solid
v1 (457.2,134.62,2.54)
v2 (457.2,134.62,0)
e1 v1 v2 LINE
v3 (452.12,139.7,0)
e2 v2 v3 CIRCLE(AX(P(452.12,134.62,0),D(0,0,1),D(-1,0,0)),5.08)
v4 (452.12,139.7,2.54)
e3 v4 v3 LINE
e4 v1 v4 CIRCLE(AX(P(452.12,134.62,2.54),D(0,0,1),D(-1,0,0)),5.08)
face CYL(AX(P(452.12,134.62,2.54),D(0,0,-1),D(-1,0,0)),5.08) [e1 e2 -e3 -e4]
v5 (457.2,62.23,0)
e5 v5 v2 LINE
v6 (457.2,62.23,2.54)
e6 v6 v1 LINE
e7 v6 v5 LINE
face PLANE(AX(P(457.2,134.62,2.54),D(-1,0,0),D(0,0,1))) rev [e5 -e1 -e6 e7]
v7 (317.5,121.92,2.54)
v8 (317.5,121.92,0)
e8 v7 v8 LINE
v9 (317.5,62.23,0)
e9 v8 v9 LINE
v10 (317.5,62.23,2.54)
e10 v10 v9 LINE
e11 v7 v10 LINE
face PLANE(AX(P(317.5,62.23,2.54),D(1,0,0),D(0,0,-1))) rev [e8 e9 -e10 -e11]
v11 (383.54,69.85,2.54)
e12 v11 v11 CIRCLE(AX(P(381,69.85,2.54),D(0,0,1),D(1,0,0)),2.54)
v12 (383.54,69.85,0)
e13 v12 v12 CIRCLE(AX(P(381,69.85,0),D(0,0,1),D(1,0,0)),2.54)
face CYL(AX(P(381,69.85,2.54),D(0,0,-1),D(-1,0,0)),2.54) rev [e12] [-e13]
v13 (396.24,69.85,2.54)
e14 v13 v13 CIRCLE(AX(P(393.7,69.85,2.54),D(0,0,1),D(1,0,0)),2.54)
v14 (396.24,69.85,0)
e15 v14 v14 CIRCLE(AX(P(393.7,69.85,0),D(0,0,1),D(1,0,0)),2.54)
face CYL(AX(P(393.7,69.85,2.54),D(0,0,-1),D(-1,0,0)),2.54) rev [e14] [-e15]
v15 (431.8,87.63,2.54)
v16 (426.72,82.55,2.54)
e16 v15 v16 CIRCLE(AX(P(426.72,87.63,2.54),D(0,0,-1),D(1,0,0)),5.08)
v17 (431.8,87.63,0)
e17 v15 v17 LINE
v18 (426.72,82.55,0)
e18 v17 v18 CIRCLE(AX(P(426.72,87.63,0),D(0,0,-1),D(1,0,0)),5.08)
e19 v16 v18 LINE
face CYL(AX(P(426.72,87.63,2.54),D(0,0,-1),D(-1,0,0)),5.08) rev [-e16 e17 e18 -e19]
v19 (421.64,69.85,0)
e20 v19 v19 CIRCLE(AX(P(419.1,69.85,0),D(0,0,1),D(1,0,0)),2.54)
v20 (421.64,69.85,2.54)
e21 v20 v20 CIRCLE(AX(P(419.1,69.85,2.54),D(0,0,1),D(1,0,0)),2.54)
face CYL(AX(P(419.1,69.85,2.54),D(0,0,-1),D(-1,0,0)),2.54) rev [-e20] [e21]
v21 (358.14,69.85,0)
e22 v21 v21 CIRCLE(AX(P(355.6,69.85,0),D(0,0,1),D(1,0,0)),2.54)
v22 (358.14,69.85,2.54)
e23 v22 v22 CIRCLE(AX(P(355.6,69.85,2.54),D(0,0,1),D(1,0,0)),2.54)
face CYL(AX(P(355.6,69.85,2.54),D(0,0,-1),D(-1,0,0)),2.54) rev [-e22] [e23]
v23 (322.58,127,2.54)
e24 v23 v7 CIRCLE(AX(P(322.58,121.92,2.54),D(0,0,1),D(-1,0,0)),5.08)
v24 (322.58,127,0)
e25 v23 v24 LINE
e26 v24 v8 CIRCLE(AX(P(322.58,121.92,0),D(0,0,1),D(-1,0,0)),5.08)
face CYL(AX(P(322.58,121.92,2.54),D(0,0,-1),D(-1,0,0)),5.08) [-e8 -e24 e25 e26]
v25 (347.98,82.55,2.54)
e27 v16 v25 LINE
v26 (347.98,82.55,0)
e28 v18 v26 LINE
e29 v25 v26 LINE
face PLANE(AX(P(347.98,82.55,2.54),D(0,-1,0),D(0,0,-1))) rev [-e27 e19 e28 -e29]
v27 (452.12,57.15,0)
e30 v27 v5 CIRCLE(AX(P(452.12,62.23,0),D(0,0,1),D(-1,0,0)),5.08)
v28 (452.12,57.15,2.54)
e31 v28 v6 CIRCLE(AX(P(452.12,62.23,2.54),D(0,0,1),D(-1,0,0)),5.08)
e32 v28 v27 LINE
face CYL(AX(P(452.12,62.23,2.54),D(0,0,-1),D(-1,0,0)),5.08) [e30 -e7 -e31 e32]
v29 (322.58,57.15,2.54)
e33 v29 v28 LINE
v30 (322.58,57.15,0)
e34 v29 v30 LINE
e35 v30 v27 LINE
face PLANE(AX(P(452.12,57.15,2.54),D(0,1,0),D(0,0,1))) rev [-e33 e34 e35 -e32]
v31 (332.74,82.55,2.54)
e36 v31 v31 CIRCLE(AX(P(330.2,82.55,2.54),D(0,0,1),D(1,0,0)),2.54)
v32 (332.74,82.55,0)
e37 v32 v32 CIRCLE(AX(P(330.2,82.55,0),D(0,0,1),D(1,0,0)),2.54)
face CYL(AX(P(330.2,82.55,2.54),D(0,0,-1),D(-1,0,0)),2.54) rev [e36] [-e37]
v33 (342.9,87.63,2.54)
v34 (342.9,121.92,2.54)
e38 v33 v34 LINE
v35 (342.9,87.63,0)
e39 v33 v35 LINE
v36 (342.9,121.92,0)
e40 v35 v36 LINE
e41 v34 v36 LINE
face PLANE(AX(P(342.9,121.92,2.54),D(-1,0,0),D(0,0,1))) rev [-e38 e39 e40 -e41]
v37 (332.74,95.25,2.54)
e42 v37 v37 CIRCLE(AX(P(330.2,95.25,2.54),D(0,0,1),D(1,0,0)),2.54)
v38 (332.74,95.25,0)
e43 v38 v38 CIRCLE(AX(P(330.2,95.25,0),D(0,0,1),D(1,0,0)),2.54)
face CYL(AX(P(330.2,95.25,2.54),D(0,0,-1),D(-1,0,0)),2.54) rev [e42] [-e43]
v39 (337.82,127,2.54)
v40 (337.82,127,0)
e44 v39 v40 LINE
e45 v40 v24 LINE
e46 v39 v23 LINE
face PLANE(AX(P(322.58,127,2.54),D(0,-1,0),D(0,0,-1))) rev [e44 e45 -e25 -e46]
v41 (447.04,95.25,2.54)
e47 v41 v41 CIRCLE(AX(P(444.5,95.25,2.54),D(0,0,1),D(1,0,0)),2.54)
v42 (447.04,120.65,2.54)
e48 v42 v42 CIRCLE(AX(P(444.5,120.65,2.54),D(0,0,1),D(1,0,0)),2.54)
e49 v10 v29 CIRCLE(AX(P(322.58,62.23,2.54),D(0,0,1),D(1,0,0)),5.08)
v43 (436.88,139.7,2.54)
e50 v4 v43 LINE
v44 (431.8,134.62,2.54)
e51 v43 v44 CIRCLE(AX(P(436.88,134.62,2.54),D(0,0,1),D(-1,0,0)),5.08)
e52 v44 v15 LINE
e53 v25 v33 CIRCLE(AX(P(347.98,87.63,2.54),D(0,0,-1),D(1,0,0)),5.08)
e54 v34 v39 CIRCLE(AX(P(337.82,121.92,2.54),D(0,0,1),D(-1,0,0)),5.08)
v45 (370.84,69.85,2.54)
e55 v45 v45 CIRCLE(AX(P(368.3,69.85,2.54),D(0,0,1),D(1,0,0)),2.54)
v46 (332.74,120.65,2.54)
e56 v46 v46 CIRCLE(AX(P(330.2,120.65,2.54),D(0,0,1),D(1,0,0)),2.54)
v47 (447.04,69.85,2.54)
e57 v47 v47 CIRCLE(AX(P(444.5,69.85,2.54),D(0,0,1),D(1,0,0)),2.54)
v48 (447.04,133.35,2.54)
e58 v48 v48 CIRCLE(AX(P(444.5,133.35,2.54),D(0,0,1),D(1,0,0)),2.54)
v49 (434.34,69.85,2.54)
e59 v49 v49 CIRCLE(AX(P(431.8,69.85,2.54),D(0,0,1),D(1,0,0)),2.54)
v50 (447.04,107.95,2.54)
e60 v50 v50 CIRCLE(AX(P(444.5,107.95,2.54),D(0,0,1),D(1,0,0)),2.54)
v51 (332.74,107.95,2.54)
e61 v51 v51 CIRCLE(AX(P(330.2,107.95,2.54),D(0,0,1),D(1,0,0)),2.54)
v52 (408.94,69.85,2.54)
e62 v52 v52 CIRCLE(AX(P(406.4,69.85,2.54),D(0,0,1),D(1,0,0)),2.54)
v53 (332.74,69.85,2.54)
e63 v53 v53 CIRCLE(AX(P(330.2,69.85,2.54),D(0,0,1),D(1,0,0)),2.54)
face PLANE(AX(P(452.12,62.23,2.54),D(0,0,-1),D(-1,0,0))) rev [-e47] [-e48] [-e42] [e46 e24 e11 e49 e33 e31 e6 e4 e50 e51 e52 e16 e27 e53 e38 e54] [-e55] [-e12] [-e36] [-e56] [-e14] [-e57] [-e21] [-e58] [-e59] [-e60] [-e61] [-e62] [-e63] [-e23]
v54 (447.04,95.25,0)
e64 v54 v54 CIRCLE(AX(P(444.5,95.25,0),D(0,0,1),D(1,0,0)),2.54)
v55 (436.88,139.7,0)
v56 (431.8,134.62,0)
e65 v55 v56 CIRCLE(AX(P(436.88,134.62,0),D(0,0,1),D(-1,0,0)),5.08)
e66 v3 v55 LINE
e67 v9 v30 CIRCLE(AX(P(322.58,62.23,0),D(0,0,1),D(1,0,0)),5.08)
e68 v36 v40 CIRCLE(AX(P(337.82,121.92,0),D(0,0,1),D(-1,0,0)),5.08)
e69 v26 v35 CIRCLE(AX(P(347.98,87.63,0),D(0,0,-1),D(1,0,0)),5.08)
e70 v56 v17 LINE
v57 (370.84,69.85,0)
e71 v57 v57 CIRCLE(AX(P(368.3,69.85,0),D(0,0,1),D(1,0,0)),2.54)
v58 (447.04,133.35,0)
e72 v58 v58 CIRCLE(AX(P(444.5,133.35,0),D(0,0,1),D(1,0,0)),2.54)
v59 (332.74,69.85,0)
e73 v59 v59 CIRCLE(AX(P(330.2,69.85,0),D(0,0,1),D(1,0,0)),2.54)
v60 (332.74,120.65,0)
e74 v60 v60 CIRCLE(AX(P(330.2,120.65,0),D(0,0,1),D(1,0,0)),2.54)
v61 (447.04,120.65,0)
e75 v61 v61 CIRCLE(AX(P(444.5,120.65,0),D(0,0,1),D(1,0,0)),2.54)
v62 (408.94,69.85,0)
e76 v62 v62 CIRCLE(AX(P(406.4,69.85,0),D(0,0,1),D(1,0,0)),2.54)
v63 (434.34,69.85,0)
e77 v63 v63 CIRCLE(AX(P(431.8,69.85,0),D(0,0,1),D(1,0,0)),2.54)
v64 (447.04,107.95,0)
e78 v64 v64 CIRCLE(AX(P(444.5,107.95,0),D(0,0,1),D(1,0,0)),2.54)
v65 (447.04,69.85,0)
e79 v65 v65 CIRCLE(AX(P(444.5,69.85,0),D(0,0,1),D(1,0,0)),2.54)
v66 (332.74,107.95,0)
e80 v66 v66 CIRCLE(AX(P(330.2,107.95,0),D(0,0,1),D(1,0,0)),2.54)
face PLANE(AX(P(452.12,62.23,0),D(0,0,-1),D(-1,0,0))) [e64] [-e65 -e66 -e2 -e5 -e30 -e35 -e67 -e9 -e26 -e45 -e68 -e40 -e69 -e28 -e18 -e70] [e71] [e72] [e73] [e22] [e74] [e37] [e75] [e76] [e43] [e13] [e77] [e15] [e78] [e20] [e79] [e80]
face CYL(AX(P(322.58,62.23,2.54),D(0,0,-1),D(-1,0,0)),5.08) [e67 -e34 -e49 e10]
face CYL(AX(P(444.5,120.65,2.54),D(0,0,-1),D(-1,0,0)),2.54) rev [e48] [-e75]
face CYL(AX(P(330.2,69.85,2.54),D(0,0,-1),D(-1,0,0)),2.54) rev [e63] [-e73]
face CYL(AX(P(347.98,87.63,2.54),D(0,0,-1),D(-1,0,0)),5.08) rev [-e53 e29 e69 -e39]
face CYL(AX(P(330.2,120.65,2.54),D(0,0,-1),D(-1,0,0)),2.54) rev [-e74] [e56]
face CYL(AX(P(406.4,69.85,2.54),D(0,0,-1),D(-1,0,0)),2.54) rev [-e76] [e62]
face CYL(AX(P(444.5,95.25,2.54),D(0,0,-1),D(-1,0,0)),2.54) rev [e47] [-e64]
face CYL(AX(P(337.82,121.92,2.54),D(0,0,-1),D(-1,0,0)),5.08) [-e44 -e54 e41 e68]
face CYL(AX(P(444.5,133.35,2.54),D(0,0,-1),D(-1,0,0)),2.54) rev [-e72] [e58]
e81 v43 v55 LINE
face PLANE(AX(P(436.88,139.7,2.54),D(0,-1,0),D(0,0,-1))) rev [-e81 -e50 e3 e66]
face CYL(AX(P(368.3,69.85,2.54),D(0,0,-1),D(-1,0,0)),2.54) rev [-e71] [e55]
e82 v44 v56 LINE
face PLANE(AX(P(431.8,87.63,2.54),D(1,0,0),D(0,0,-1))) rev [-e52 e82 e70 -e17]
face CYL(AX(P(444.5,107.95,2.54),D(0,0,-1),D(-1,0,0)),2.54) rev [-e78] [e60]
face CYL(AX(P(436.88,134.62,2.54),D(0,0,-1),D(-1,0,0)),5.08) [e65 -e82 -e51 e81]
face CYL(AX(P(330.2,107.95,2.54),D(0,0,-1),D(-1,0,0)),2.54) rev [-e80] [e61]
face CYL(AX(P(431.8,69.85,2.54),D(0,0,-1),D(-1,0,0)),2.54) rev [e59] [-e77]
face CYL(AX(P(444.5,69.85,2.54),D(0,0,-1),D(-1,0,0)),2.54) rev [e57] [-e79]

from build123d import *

# Parameters (mm, degrees)
SKETCH2_R           = 2.54
BOSS_EXTRUDE1_DEPTH = 2.54


with BuildPart() as part:
    # Sketch2 → Boss-Extrude1 (new body)
    with BuildSketch(Plane.XY):
        with BuildLine():
            Line((317.5, 62.23), (317.5, 121.92))
            ThreePointArc((317.5, 121.92), (318.987897552, 125.512102448), (322.58, 127))
            Line((322.58, 127), (337.82, 127))
            ThreePointArc((337.82, 127), (341.412102448, 125.512102448), (342.9, 121.92))
            Line((342.9, 121.92), (342.9, 87.63))
            ThreePointArc((342.9, 87.63), (344.387897552, 84.037897552), (347.98, 82.55))
            Line((347.98, 82.55), (426.72, 82.55))
            ThreePointArc((426.72, 82.55), (430.312102448, 84.037897552), (431.8, 87.63))
            Line((431.8, 87.63), (431.8, 134.62))
            ThreePointArc((431.8, 134.62), (433.287897552, 138.212102448), (436.88, 139.7))
            Line((436.88, 139.7), (452.12, 139.7))
            ThreePointArc((452.12, 139.7), (455.712102448, 138.212102448), (457.2, 134.62))
            Line((457.2, 134.62), (457.2, 82.55))
            Line((457.2, 82.55), (457.2, 62.23))
            ThreePointArc((457.2, 62.23), (455.712102448, 58.637897552), (452.12, 57.15))
            Line((452.12, 57.15), (322.58, 57.15))
            ThreePointArc((322.58, 57.15), (318.987897552, 58.637897552), (317.5, 62.23))
        make_face()
        with Locations((444.5, 133.35)):
            Circle(SKETCH2_R, mode=Mode.SUBTRACT)
        with Locations((444.5, 120.65)):
            Circle(SKETCH2_R, mode=Mode.SUBTRACT)
        with Locations((444.5, 107.95)):
            Circle(SKETCH2_R, mode=Mode.SUBTRACT)
        with Locations((444.5, 95.25)):
            Circle(SKETCH2_R, mode=Mode.SUBTRACT)
        with Locations((444.5, 69.85)):
            Circle(SKETCH2_R, mode=Mode.SUBTRACT)
        with Locations((431.8, 69.85)):
            Circle(SKETCH2_R, mode=Mode.SUBTRACT)
        with Locations((419.1, 69.85)):
            Circle(SKETCH2_R, mode=Mode.SUBTRACT)
        with Locations((406.4, 69.85)):
            Circle(SKETCH2_R, mode=Mode.SUBTRACT)
        with Locations((393.7, 69.85)):
            Circle(SKETCH2_R, mode=Mode.SUBTRACT)
        with Locations((381, 69.85)):
            Circle(SKETCH2_R, mode=Mode.SUBTRACT)
        with Locations((368.3, 69.85)):
            Circle(SKETCH2_R, mode=Mode.SUBTRACT)
        with Locations((355.6, 69.85)):
            Circle(SKETCH2_R, mode=Mode.SUBTRACT)
        with Locations((330.2, 69.85)):
            Circle(SKETCH2_R, mode=Mode.SUBTRACT)
        with Locations((330.2, 82.55)):
            Circle(SKETCH2_R, mode=Mode.SUBTRACT)
        with Locations((330.2, 95.25)):
            Circle(SKETCH2_R, mode=Mode.SUBTRACT)
        with Locations((330.2, 107.95)):
            Circle(SKETCH2_R, mode=Mode.SUBTRACT)
        with Locations((330.2, 120.65)):
            Circle(SKETCH2_R, mode=Mode.SUBTRACT)
    extrude(amount=BOSS_EXTRUDE1_DEPTH)


solid = part.part
